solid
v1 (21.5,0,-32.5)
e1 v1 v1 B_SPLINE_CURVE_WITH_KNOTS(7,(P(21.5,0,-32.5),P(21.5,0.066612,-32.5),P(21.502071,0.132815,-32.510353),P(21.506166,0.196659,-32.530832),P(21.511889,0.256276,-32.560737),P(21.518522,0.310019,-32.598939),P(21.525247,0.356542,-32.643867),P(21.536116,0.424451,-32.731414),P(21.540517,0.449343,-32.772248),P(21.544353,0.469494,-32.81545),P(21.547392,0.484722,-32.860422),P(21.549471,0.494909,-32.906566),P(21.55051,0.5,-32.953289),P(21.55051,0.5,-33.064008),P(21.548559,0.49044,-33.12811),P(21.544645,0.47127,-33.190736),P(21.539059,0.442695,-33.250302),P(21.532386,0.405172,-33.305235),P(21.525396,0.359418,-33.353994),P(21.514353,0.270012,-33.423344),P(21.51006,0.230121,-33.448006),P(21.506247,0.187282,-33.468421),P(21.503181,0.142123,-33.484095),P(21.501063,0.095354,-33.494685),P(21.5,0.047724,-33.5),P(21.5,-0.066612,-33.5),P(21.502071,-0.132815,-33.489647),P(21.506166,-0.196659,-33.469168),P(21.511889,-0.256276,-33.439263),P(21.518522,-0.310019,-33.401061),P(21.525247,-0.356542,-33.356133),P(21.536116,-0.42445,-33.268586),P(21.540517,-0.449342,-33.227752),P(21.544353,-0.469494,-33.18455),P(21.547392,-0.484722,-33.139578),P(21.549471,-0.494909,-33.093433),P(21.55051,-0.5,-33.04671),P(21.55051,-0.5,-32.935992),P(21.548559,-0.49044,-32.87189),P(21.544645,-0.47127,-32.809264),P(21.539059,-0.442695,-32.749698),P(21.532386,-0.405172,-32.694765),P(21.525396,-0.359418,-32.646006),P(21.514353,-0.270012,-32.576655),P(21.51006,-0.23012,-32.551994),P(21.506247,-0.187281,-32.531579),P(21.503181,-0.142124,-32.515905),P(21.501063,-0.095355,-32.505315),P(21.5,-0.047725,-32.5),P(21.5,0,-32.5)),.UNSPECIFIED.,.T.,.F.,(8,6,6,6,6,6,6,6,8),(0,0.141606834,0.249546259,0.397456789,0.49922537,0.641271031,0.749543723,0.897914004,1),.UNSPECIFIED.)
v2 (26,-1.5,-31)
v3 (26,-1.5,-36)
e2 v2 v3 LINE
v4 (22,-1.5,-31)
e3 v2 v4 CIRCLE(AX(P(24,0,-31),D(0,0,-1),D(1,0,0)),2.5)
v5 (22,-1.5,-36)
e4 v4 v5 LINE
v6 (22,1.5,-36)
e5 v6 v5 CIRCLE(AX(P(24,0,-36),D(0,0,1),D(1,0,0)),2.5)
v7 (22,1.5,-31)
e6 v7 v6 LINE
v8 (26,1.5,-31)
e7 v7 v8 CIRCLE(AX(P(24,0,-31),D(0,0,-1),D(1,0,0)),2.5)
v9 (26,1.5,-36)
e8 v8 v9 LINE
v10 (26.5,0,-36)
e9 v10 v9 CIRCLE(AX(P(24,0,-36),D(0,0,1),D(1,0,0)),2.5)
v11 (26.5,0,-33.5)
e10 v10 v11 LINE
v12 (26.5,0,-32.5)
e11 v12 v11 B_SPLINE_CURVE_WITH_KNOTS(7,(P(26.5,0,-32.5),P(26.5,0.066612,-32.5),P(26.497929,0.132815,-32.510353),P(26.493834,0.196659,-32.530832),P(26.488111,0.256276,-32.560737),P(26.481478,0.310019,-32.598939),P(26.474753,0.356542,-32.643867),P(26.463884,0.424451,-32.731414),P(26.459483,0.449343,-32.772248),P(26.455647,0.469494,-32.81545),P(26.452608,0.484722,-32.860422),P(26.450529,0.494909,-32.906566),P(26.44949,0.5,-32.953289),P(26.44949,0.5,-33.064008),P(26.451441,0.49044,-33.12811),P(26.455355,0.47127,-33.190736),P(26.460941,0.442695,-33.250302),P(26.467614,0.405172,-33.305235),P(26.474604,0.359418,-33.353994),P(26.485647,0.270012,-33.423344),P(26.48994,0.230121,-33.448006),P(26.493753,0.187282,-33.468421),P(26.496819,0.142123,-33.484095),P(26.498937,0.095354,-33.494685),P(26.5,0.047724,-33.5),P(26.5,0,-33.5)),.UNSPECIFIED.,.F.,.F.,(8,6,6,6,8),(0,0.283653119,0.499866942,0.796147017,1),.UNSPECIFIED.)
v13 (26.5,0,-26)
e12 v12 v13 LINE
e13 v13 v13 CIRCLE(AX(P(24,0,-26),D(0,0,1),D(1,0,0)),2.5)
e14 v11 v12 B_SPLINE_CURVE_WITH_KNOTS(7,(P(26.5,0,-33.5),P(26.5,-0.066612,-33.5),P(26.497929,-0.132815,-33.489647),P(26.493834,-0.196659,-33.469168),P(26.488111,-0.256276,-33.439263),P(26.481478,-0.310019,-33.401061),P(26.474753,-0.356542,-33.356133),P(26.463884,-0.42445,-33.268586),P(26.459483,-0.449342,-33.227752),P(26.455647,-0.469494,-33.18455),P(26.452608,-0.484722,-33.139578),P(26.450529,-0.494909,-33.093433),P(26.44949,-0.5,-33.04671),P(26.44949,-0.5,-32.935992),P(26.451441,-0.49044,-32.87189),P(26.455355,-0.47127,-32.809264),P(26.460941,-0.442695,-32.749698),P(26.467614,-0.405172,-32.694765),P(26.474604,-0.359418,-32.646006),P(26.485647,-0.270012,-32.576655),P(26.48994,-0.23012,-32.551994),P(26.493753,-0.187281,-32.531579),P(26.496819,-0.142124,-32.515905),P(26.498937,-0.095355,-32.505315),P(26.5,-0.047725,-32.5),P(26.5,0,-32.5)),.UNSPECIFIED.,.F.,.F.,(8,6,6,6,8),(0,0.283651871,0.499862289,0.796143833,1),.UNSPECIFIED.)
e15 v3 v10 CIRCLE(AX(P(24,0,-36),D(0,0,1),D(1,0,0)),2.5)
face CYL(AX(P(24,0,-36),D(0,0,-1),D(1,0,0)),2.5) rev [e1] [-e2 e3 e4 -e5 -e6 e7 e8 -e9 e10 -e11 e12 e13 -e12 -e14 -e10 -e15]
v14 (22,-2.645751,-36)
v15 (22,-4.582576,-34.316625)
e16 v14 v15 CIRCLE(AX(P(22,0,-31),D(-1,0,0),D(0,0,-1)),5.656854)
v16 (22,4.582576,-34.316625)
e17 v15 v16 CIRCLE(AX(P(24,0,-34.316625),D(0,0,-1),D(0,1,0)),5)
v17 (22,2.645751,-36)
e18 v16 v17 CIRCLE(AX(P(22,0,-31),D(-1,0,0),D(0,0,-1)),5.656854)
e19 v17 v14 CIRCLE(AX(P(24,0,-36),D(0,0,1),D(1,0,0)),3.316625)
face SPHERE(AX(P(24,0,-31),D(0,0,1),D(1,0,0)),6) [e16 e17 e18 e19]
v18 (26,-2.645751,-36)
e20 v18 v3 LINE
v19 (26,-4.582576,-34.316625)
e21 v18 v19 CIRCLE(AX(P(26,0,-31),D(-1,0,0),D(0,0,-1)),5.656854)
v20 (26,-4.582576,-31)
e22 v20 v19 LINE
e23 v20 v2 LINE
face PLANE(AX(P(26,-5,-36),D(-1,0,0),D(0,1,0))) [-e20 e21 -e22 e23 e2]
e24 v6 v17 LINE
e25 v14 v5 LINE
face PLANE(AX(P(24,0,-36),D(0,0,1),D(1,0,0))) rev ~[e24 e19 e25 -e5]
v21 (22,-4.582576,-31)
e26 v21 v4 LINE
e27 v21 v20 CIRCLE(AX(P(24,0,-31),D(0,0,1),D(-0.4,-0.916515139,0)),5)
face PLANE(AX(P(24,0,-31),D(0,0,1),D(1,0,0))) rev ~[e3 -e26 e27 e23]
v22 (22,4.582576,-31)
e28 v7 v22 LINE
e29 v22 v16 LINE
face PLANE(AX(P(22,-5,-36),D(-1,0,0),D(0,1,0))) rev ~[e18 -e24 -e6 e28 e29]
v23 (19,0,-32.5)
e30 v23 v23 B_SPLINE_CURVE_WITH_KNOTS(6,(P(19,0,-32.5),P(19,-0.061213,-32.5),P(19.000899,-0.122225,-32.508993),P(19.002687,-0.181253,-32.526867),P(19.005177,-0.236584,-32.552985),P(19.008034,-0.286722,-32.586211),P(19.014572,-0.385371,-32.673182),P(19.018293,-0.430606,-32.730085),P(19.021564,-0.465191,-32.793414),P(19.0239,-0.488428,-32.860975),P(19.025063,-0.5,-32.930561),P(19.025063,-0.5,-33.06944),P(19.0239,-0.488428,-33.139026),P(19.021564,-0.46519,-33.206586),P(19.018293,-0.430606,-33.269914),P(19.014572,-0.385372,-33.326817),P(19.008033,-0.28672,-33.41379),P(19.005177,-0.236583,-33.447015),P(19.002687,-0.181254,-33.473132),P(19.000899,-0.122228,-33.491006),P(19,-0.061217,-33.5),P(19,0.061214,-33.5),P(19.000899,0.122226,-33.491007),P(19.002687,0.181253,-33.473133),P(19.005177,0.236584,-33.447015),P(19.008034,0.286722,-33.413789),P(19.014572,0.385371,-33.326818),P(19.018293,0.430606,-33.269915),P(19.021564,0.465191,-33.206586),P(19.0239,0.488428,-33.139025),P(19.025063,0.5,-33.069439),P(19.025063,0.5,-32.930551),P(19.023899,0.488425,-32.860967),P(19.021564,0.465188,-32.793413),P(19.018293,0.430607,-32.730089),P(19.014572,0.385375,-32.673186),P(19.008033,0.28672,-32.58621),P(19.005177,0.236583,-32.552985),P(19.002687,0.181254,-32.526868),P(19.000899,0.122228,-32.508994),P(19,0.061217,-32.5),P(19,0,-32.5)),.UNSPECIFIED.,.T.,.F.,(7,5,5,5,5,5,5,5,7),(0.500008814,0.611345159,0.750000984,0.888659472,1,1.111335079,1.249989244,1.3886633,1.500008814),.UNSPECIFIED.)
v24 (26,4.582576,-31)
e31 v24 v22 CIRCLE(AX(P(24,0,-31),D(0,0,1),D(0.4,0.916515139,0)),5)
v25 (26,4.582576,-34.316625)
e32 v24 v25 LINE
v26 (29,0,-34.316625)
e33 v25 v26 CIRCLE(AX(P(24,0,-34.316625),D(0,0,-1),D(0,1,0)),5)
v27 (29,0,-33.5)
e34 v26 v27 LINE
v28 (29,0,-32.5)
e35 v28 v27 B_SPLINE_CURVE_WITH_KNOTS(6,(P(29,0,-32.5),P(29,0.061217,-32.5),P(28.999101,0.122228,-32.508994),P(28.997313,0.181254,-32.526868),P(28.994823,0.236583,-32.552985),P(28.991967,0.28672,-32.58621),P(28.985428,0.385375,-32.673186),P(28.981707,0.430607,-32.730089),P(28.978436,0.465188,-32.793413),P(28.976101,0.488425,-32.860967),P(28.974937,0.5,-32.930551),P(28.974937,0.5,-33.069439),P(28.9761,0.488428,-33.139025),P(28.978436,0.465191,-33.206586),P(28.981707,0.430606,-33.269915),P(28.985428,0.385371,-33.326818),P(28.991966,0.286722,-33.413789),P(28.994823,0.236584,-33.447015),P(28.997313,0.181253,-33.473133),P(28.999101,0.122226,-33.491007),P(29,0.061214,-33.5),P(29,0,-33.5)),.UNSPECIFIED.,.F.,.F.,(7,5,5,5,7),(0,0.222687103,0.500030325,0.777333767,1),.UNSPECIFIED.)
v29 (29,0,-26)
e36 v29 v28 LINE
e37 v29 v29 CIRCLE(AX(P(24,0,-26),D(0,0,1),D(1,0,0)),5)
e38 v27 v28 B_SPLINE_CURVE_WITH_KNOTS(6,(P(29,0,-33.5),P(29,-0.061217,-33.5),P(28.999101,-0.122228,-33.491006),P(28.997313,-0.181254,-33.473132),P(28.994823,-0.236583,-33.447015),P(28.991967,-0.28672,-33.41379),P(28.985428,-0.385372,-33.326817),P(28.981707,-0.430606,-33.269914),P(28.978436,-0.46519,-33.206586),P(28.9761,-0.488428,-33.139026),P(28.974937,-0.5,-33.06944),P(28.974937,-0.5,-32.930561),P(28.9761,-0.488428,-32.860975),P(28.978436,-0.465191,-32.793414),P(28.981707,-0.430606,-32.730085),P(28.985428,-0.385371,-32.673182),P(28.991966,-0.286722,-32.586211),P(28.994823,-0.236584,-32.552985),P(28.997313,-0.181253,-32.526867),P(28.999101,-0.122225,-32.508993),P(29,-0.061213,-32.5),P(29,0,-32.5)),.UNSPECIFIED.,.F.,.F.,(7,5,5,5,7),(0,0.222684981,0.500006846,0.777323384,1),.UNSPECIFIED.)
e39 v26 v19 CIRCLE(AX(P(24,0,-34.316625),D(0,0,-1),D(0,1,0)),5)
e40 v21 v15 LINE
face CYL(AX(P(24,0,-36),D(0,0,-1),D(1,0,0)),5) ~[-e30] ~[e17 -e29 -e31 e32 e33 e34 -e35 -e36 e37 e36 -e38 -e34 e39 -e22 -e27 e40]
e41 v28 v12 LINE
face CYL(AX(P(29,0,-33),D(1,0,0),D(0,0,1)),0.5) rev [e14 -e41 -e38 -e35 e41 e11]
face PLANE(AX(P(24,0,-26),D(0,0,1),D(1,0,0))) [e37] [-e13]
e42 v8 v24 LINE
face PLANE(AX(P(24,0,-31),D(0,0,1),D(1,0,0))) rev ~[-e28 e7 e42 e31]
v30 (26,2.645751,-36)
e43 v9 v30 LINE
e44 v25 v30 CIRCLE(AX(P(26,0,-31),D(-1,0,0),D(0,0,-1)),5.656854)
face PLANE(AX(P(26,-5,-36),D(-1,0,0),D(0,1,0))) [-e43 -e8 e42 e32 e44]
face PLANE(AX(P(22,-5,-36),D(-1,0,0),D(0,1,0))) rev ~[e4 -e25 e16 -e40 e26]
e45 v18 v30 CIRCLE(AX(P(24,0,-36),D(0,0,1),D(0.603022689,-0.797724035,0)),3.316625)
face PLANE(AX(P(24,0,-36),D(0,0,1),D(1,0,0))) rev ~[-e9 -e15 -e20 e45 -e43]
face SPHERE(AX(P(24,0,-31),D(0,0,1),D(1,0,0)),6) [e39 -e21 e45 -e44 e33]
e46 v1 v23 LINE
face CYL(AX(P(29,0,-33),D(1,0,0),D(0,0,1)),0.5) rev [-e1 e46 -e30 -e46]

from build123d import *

# Parameters (mm, degrees)
CYLINDER011_R     = 3
CYLINDER011_DEPTH = 10
CYLINDER010_R     = 5
CYLINDER010_DEPTH = 4
CYLINDER009_R     = 0.5
CYLINDER009_DEPTH = 10
CYLINDER007_R     = 2.5
CYLINDER007_DEPTH = 10
BOX001_W          = 4
BOX001_H          = 10
BOX001_DEPTH      = 5
CYLINDER008_R     = 5
CYLINDER008_DEPTH = 10


with BuildPart() as cylinder011:
    # Cylinder011 → Cylinder011 (new body)
    with BuildSketch(Plane(origin=(18, 0, -6), x_dir=(1, 0, 0), z_dir=(0, 0, 1))):
        Circle(CYLINDER011_R)
    extrude(amount=CYLINDER011_DEPTH)


with BuildPart() as cut006:
    # Cylinder010 → Cylinder010 (new body)
    with BuildSketch(Plane(origin=(18, 0, -4), x_dir=(1, 0, 0), z_dir=(0, 0, 1))):
        Circle(CYLINDER010_R)
    extrude(amount=CYLINDER010_DEPTH)

    # Cut006: cut Cylinder011
    add(cylinder011.part, mode=Mode.SUBTRACT)


with BuildPart() as cut006_1:
    # Cut006 placement: moved
    add(cut006.part.moved(Location((-18, 0, 0))))


with BuildPart() as sphere002:
    # Sphere002 → Sphere002 (revolve)
    with BuildSketch(Plane(origin=(0, 0, -5), x_dir=(1, 0, 0), z_dir=(0, -1, 0))):
        with BuildLine():
            ThreePointArc((0, -6), (6, 0), (0, 6))
            Line((0, 6), (0, -6))
        make_face()
    revolve(axis=Axis((0, 0, -5), (0, 0, 1)))


with BuildPart() as cylinder009:
    # Cylinder009 → Cylinder009 (new body)
    with BuildSketch(Plane(origin=(5, 0, -7), x_dir=(0, 0, 1), z_dir=(-1, 0, 0))):
        Circle(CYLINDER009_R)
    extrude(amount=CYLINDER009_DEPTH)


with BuildPart() as cylinder007:
    # Cylinder007 → Cylinder007 (new body)
    with BuildSketch(Plane.XY.offset(-10)):
        Circle(CYLINDER007_R)
    extrude(amount=CYLINDER007_DEPTH)


with BuildPart() as cube001:
    # Box001 → Box001 (new body)
    with BuildSketch(Plane(origin=(-2, -5, -10), x_dir=(1, 0, 0), z_dir=(0, 0, 1))):
        with Locations((2, 5)):
            Rectangle(BOX001_W, BOX001_H)
    extrude(amount=BOX001_DEPTH)


with BuildPart() as fusion002:
    # Cylinder008 → Cylinder008 (new body)
    with BuildSketch(Plane.XY.offset(-10)):
        Circle(CYLINDER008_R)
    extrude(amount=CYLINDER008_DEPTH)

    # Cut005: cut Cube001
    add(cube001.part, mode=Mode.SUBTRACT)

    # Cut008: cut Cylinder007
    add(cylinder007.part, mode=Mode.SUBTRACT)

    # Cut007: cut Cylinder009
    add(cylinder009.part, mode=Mode.SUBTRACT)

    # Common001: intersect Sphere002
    add(sphere002.part, mode=Mode.INTERSECT)

    # Fusion003: union Cut006
    add(cut006_1.part)


with BuildPart() as fusion002_1:
    # Fusion002 placement: moved
    add(fusion002.part.moved(Location((24, 0, -26))))


solid = fusion002_1.part
